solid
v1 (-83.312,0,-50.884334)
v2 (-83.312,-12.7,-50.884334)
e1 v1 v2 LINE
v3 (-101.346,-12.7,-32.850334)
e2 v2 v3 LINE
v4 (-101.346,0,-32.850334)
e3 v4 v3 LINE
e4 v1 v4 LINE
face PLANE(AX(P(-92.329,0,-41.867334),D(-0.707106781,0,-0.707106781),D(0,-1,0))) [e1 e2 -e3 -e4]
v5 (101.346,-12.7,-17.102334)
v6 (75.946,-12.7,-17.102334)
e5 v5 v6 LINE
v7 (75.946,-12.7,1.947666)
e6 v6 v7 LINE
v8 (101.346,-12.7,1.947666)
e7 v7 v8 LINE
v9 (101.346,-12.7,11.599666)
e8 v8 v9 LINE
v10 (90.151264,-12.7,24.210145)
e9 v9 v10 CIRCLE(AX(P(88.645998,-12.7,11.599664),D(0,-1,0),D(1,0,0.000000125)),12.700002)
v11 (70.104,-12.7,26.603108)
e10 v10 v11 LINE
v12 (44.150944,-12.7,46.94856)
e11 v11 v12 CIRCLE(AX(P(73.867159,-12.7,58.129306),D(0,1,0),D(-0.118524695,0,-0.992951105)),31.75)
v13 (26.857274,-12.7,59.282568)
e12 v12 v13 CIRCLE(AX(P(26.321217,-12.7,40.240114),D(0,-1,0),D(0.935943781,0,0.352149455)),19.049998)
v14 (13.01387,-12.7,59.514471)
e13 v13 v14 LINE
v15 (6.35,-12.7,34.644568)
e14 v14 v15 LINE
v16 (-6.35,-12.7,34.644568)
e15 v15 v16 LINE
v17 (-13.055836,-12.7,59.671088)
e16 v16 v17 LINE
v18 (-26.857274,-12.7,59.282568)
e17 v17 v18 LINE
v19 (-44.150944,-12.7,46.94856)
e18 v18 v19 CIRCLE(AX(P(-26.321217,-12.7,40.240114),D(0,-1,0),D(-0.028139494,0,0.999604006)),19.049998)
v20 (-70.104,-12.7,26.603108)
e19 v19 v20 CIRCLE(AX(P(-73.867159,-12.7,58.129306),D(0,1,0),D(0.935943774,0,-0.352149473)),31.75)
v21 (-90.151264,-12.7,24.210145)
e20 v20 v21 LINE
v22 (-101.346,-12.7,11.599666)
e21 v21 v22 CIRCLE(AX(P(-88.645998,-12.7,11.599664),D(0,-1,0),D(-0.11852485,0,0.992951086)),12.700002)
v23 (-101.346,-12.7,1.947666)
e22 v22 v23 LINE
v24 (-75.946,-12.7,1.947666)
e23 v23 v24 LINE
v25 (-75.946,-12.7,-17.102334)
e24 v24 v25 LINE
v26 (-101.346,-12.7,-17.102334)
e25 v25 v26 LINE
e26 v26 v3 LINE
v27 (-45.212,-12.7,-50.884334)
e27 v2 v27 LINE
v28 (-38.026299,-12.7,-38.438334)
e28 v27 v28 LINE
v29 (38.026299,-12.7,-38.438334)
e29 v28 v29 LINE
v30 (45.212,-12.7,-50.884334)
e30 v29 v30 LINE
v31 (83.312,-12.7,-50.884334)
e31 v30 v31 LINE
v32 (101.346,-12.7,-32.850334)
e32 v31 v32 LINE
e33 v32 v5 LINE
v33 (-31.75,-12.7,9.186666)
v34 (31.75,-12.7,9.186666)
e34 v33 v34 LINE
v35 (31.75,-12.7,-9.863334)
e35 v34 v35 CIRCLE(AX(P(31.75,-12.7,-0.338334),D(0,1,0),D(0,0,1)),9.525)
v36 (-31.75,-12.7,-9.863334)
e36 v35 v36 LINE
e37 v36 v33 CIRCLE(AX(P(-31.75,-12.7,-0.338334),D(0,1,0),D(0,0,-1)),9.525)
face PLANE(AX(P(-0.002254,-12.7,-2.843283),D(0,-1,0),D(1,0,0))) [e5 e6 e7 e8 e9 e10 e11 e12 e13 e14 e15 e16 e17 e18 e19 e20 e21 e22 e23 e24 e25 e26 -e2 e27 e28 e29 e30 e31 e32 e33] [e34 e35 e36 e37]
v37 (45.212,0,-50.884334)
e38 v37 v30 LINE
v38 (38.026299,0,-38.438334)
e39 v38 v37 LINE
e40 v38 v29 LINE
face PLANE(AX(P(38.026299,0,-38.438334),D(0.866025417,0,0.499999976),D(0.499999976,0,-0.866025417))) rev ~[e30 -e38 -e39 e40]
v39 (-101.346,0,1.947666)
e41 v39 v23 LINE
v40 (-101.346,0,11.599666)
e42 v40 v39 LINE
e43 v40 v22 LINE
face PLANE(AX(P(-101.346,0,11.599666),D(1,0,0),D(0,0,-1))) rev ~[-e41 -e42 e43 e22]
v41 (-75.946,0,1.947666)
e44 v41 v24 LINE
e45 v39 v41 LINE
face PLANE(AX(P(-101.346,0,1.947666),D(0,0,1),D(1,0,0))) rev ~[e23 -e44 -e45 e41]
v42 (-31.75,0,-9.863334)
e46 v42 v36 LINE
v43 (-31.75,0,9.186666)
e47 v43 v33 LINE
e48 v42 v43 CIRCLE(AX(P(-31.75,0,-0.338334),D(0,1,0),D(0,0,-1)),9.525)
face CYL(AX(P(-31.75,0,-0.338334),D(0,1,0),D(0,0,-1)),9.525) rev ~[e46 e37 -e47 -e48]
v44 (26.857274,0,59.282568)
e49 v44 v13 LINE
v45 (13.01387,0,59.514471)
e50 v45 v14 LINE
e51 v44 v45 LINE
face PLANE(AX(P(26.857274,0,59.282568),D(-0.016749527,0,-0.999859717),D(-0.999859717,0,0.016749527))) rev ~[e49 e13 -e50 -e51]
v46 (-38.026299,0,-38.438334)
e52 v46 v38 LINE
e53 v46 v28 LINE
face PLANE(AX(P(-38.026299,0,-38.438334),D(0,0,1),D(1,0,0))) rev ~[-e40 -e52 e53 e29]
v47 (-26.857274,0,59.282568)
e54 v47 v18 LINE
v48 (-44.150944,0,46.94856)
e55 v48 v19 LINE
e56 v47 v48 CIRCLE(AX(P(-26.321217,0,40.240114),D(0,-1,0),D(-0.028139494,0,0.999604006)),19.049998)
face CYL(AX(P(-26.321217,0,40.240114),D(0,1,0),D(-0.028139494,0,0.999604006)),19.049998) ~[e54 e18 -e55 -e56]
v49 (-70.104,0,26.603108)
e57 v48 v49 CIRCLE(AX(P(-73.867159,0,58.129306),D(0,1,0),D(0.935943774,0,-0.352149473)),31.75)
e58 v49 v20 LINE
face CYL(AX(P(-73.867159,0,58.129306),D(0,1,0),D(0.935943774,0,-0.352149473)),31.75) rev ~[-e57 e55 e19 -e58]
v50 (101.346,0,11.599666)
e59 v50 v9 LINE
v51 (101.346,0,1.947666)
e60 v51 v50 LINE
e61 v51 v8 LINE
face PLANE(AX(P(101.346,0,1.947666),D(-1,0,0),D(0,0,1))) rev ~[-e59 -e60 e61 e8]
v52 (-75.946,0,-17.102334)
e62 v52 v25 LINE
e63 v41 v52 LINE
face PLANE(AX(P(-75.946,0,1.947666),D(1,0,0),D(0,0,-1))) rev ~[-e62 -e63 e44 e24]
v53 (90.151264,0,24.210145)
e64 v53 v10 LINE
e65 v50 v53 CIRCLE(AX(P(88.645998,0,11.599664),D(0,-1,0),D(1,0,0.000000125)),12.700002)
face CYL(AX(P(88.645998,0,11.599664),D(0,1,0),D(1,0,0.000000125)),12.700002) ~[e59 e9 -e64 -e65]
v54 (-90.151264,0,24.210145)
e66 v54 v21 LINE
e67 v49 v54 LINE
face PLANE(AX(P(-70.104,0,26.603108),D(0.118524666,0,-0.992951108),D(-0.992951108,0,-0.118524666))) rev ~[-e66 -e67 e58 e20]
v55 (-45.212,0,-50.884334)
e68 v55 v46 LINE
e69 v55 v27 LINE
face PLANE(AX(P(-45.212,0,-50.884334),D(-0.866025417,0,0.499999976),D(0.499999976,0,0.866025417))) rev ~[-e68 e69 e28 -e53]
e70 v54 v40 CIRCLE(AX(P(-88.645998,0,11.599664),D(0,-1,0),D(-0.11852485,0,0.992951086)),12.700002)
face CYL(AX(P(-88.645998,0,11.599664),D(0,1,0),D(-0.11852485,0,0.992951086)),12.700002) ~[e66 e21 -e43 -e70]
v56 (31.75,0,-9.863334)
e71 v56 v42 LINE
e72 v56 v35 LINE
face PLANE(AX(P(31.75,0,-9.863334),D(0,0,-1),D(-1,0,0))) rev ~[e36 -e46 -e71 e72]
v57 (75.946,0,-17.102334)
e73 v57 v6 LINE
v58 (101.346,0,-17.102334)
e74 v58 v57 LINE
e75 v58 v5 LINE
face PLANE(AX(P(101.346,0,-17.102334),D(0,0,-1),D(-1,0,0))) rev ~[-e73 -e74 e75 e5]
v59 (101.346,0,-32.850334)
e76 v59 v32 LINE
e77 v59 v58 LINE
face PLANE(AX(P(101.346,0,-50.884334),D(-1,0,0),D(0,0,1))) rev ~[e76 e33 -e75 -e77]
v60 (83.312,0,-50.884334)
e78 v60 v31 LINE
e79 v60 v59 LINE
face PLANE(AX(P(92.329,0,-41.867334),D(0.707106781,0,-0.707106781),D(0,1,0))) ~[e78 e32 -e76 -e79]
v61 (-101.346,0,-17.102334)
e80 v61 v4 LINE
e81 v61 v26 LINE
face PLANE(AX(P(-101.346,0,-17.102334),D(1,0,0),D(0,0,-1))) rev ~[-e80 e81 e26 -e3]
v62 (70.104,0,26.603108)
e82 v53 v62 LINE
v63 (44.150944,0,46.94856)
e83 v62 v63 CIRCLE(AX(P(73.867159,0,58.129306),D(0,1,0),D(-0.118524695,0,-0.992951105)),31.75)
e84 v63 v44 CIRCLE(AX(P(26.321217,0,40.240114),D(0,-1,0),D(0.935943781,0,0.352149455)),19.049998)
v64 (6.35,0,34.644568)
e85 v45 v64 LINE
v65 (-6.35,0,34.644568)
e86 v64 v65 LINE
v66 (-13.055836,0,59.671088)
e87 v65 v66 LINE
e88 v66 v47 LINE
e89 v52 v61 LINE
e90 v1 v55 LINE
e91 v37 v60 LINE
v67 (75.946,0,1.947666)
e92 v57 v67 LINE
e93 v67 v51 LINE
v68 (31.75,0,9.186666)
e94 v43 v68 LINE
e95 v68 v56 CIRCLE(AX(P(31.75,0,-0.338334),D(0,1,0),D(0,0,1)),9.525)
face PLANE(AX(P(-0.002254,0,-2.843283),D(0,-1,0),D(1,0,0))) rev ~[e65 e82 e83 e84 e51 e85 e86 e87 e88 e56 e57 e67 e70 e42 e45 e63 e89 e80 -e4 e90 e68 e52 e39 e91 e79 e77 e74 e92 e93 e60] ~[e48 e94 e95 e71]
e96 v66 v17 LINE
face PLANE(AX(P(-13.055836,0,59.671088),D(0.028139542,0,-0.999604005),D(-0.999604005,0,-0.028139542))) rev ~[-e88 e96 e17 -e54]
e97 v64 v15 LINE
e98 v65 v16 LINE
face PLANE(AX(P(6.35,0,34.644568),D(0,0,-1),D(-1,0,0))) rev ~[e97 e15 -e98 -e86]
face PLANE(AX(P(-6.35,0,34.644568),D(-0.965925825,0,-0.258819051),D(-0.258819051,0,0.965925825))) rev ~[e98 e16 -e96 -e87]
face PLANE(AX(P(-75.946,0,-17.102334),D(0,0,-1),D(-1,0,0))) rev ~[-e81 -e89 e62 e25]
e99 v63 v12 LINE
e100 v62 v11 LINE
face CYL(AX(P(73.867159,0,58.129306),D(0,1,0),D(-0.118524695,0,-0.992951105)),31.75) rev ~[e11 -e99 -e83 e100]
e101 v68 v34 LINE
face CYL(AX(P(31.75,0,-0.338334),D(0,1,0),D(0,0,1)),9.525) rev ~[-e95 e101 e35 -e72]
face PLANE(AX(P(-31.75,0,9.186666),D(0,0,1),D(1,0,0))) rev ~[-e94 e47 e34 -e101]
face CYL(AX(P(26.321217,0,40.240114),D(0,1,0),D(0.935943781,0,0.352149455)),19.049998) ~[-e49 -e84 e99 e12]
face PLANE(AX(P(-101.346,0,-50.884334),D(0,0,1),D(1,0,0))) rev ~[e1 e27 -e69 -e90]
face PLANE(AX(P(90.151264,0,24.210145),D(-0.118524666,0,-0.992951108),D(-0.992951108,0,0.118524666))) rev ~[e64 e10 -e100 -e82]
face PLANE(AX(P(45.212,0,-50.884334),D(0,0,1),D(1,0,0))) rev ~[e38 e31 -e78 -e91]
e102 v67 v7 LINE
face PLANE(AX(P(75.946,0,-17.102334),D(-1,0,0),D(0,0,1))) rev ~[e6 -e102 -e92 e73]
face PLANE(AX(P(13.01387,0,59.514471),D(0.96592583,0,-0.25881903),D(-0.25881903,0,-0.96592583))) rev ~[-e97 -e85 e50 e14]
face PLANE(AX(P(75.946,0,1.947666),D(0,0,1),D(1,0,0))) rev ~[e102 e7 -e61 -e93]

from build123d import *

# Parameters (mm, degrees)
F1_DEPTH = 12.7
F2_SIZE  = 18.034


with BuildPart() as f1:
    # F0 (on Front) → F1 (new body)
    with BuildSketch(Plane.XZ):
        with BuildLine():
            Line((0, -38.438334), (38.026299, -38.438334))
            Line((38.026299, -38.438334), (45.212, -50.884334))
            Line((45.212, -50.884334), (101.346, -50.884334))
            Line((101.346, -50.884334), (101.346, -17.102334))
            Line((101.346, -17.102334), (75.946, -17.102334))
            Line((75.946, -17.102334), (75.946, 1.947666))
            Line((75.946, 1.947666), (101.346, 1.947666))
            Line((101.346, 1.947666), (101.346, 11.599666))
            ThreePointArc((101.346, 11.599666), (98.143548, 20.030951), (90.151264, 24.210145))
            Line((90.151264, 24.210145), (70.104, 26.603108))
            ThreePointArc((70.104, 26.603108), (54.27886, 33.142088), (44.150944, 46.94856))
            ThreePointArc((44.150944, 46.94856), (37.382747, 55.749626), (26.857274, 59.282568))
            Line((26.857274, 59.282568), (13.01387, 59.514471))
            Line((13.01387, 59.514471), (6.35, 34.644568))
            Line((6.35, 34.644568), (0, 34.644568))
            Line((0, 34.644568), (-6.35, 34.644568))
            Line((-6.35, 34.644568), (-13.055836, 59.671088))
            Line((-13.055836, 59.671088), (-26.857274, 59.282568))
            ThreePointArc((-26.857274, 59.282568), (-37.382747, 55.749626), (-44.150944, 46.94856))
            ThreePointArc((-44.150944, 46.94856), (-54.27886, 33.142088), (-70.104, 26.603108))
            Line((-70.104, 26.603108), (-90.151264, 24.210145))
            ThreePointArc((-90.151264, 24.210145), (-98.143548, 20.030951), (-101.346, 11.599666))
            Line((-101.346, 11.599666), (-101.346, 1.947666))
            Line((-101.346, 1.947666), (-75.946, 1.947666))
            Line((-75.946, 1.947666), (-75.946, -17.102334))
            Line((-75.946, -17.102334), (-101.346, -17.102334))
            Line((-101.346, -17.102334), (-101.346, -50.884334))
            Line((-101.346, -50.884334), (-45.212, -50.884334))
            Line((-45.212, -50.884334), (-38.026299, -38.438334))
            Line((-38.026299, -38.438334), (0, -38.438334))
        make_face()
        with BuildLine():
            Line((-31.75, 9.186666), (0, 9.186666))
            Line((0, 9.186666), (31.75, 9.186666))
            ThreePointArc((31.75, 9.186666), (41.275, -0.338334), (31.75, -9.863334))
            Line((31.75, -9.863334), (0, -9.863334))
            Line((0, -9.863334), (-31.75, -9.863334))
            ThreePointArc((-31.75, -9.863334), (-41.275, -0.338334), (-31.75, 9.186666))
        make_face(mode=Mode.SUBTRACT)
    extrude(amount=F1_DEPTH)

    # F2
    f2_edges = [f1.edges().sort_by_distance(p)[0] for p in [
        (-101.346, -6.35, -50.884334),
        (101.346, -6.35, -50.884334),
    ]]
    chamfer(f2_edges, length=F2_SIZE)


solid = f1.part
